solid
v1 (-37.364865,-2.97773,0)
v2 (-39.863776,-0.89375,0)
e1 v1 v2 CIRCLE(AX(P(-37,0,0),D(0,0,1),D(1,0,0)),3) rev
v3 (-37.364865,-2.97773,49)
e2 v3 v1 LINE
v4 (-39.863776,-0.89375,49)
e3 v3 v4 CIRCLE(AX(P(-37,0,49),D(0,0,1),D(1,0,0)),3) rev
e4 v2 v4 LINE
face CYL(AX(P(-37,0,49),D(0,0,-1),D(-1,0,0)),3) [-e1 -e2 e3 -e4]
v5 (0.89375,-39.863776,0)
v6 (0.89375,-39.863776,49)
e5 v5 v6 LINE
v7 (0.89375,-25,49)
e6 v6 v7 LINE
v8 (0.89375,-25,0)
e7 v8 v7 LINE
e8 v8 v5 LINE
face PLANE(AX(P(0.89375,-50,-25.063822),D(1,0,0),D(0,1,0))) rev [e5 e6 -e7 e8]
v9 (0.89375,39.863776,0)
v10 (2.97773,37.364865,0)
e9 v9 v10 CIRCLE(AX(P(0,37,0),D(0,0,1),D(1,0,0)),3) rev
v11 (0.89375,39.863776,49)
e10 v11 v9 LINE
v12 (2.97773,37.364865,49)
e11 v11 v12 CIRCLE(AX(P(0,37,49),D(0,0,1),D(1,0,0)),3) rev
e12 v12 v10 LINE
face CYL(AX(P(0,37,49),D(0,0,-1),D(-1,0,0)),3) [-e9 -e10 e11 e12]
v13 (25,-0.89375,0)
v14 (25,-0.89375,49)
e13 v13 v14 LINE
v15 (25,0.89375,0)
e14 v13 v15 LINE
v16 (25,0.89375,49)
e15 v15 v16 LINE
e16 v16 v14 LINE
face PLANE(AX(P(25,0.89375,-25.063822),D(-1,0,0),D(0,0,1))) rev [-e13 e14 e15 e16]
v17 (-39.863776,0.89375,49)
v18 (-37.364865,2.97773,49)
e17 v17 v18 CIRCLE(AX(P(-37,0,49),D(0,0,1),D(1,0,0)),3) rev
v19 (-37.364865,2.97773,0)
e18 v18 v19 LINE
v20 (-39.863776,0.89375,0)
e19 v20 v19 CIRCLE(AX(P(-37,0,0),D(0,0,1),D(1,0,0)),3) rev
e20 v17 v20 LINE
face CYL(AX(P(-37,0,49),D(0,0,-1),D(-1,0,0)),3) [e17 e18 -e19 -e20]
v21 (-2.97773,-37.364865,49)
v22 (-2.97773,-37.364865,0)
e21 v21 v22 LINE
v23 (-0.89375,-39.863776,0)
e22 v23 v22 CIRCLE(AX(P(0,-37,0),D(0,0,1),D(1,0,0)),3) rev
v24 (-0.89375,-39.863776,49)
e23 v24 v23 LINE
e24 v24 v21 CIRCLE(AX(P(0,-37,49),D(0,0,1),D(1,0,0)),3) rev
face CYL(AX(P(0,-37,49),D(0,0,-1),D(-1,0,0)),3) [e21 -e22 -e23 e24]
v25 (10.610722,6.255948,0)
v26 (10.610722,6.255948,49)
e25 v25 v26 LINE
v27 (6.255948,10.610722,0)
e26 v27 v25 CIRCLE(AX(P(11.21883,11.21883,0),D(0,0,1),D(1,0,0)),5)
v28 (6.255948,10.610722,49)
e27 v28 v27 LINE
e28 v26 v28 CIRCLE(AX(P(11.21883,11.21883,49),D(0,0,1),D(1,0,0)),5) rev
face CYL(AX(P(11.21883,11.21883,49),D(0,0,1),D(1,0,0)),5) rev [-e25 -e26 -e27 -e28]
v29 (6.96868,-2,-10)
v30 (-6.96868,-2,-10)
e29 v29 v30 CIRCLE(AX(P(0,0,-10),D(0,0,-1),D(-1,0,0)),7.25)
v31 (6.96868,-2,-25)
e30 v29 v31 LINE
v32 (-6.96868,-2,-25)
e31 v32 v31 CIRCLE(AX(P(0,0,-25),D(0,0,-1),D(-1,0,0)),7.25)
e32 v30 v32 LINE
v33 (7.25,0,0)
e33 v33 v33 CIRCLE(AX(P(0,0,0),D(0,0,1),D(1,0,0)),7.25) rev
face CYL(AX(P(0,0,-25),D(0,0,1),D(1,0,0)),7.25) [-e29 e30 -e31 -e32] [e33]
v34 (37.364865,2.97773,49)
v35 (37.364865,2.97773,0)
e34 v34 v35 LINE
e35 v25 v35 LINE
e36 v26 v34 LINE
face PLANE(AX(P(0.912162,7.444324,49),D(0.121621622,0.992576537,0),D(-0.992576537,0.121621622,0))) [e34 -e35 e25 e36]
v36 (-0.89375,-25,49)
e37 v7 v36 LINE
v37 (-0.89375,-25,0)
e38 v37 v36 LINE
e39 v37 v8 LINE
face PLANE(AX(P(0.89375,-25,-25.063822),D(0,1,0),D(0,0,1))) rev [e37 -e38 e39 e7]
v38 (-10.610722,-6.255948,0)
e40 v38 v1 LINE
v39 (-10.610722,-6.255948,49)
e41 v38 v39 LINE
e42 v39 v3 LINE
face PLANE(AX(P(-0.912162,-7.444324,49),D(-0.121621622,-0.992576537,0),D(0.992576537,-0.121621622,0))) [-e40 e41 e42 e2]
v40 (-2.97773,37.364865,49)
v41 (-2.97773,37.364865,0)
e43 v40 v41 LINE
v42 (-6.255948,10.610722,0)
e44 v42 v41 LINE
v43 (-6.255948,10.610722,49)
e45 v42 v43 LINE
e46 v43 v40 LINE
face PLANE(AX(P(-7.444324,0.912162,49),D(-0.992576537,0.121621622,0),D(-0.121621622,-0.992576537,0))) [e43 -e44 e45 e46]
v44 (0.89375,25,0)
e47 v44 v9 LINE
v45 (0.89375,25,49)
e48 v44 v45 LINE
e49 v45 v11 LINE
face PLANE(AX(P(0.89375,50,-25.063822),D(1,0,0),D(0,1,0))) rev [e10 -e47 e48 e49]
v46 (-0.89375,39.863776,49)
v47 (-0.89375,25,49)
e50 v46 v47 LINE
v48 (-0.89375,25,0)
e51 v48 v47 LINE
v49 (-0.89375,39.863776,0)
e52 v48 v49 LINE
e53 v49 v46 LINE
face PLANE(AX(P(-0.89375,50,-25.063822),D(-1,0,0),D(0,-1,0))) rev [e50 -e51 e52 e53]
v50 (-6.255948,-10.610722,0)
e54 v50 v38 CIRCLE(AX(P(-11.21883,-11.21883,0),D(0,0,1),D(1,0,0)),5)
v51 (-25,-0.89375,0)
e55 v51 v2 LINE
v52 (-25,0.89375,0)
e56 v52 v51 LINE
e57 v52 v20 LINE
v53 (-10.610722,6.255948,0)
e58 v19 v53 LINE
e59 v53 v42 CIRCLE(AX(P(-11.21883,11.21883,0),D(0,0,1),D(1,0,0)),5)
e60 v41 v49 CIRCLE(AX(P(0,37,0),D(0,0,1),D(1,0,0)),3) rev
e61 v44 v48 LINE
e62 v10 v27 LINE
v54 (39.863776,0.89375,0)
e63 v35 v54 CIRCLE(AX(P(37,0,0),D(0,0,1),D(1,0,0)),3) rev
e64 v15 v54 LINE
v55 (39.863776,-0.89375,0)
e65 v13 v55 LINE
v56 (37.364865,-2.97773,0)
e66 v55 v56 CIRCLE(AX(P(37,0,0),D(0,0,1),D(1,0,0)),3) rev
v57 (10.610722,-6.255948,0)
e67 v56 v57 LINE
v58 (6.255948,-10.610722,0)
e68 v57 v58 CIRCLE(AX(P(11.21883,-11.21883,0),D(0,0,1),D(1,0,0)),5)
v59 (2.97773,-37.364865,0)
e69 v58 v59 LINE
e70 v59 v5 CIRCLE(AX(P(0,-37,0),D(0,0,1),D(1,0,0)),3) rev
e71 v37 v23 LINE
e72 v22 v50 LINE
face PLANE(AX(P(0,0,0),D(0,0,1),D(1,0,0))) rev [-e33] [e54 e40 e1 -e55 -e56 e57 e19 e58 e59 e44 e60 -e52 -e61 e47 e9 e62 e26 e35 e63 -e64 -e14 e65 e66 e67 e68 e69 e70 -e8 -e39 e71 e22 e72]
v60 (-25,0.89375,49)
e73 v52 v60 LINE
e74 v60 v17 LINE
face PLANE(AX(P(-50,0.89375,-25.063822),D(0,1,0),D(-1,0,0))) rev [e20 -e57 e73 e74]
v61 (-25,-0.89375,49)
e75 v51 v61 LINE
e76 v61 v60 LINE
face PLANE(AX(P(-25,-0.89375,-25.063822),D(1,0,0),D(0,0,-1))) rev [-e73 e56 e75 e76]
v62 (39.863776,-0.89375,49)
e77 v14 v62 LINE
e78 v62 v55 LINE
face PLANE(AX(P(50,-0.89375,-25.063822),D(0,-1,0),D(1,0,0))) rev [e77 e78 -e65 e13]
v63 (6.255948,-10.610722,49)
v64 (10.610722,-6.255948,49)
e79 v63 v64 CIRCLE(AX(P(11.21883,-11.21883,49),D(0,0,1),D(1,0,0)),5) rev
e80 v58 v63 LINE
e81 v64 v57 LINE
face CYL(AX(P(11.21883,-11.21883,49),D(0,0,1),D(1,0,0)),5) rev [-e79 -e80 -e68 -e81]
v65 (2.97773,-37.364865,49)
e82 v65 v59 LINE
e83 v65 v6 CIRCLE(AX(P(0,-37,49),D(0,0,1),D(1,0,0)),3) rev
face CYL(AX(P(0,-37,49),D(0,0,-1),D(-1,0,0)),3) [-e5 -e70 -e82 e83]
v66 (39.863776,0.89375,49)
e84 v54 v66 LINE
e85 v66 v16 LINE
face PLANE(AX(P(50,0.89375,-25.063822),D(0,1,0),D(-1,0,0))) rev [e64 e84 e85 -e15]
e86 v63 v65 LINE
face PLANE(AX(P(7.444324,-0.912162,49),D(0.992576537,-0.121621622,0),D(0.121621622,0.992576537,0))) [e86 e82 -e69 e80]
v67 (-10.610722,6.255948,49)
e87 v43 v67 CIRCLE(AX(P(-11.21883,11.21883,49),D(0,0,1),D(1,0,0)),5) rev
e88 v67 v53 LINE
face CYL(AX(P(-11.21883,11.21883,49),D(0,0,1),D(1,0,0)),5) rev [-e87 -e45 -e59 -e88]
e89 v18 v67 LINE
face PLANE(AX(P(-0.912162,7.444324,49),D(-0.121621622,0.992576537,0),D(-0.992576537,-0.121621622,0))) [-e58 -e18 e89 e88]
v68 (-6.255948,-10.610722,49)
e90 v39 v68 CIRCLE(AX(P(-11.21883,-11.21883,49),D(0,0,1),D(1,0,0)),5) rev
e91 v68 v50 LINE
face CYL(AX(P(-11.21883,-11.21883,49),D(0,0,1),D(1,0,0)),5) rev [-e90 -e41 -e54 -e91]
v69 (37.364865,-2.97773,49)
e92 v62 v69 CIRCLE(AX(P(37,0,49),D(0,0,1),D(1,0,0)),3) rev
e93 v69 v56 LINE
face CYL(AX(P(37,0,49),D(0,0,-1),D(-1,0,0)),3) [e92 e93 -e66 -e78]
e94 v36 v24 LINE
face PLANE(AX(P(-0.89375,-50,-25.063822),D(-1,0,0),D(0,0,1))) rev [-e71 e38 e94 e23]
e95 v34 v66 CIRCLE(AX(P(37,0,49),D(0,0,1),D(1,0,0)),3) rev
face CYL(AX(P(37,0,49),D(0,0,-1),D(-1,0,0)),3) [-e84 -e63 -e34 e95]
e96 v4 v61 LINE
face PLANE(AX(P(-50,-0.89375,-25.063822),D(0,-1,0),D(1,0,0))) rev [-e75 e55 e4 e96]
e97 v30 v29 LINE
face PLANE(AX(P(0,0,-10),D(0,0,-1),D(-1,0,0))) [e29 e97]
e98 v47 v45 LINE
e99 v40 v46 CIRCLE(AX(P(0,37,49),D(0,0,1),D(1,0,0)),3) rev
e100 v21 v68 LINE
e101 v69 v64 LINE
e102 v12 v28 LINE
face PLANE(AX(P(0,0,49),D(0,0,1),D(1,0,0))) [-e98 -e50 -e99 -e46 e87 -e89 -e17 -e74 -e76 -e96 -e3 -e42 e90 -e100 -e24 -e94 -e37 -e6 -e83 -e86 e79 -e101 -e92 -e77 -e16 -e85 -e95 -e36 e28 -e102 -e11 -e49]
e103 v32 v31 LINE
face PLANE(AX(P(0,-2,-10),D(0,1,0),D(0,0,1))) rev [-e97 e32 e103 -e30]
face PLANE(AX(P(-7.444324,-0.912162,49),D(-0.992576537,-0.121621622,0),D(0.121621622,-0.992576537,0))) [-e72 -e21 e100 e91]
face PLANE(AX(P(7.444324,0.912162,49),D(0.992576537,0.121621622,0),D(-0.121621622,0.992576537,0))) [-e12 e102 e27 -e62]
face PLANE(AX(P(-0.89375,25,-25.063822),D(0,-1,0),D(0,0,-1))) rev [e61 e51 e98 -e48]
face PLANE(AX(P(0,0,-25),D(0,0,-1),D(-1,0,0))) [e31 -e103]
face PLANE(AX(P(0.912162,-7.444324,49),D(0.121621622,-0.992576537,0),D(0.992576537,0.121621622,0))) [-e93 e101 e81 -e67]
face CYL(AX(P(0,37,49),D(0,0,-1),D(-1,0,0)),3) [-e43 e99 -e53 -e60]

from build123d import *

# Parameters (mm, degrees)
BOSS_EXTRUDE1_DEPTH = 49
FILLET1_R           = 5
SKETCH2_R           = 7.25
BOSS_EXTRUDE2_DEPTH = 25
CUT_EXTRUDE1_START  = -15
CUT_EXTRUDE1_DEPTH  = 15
SKETCH4_W           = 25
SKETCH4_H           = 1.7875
SKETCH4_W_2         = 1.7875
SKETCH4_H_2         = 25
CUT_EXTRUDE2_DEPTH  = 49


with BuildPart() as part:
    # Sketch1 → Boss-Extrude1 (new body)
    with BuildSketch(Plane.XY):
        with BuildLine():
            Line((-6.731298149, 6.731298149), (-2.97772961, 37.364864865))
            ThreePointArc((-2.97772961, 37.364864865), (0, 40), (2.97772961, 37.364864865))
            Line((2.97772961, 37.364864865), (6.731298149, 6.731298149))
            Line((6.731298149, 6.731298149), (37.364864865, 2.97772961))
            ThreePointArc((37.364864865, 2.97772961), (40, 0), (37.364864865, -2.97772961))
            Line((37.364864865, -2.97772961), (6.731298149, -6.731298149))
            Line((6.731298149, -6.731298149), (2.97772961, -37.364864865))
            ThreePointArc((2.97772961, -37.364864865), (0, -40), (-2.97772961, -37.364864865))
            Line((-2.97772961, -37.364864865), (-6.731298149, -6.731298149))
            Line((-6.731298149, -6.731298149), (-37.364864865, -2.97772961))
            ThreePointArc((-37.364864865, -2.97772961), (-40, 0), (-37.364864865, 2.97772961))
            Line((-37.364864865, 2.97772961), (-6.731298149, 6.731298149))
        make_face()
    extrude(amount=BOSS_EXTRUDE1_DEPTH)

    # Fillet1
    fillet1_edges = [part.edges().sort_by_distance(p)[0] for p in [
        (-6.731298149, 6.731298149, 24.5),
        (6.731298149, 6.731298149, 24.5),
        (6.731298149, -6.731298149, 24.5),
        (-6.731298149, -6.731298149, 24.5),
    ]]
    fillet(fillet1_edges, radius=FILLET1_R)

    # Sketch2 → Boss-Extrude2 (add)
    with BuildSketch(Plane(origin=(0, 0, 0), x_dir=(-1, 0, 0), z_dir=(0, 0, -1))):
        with Locations(Location((0, 0, 0), (0, 0, 180))):
            Circle(SKETCH2_R)
    extrude(amount=BOSS_EXTRUDE2_DEPTH)

    # Sketch3 → Cut-Extrude1 (cut)
    with BuildSketch(Plane(origin=(0, 0, -25), x_dir=(-1, 0, 0), z_dir=(0, 0, -1)).offset(CUT_EXTRUDE1_START)):
        with BuildLine():
            Line((6.968679932, -2), (-6.968679932, -2))
            ThreePointArc((-6.968679932, -2), (0, -7.25), (6.968679932, -2))
        make_face()
    extrude(amount=CUT_EXTRUDE1_DEPTH, mode=Mode.SUBTRACT)

    # Sketch4 → Cut-Extrude2 (cut)
    with BuildSketch(Plane.XY.offset(49)):
        with Locations((37.5, 0)):
            Rectangle(SKETCH4_W, SKETCH4_H)
        with Locations((0, 37.5)):
            Rectangle(SKETCH4_W_2, SKETCH4_H_2)
        with Locations((0, -37.5)):
            Rectangle(SKETCH4_W_2, SKETCH4_H_2)
        with Locations((-37.5, 0)):
            Rectangle(SKETCH4_W, SKETCH4_H)
    extrude(amount=-CUT_EXTRUDE2_DEPTH, mode=Mode.SUBTRACT)


solid = part.part
